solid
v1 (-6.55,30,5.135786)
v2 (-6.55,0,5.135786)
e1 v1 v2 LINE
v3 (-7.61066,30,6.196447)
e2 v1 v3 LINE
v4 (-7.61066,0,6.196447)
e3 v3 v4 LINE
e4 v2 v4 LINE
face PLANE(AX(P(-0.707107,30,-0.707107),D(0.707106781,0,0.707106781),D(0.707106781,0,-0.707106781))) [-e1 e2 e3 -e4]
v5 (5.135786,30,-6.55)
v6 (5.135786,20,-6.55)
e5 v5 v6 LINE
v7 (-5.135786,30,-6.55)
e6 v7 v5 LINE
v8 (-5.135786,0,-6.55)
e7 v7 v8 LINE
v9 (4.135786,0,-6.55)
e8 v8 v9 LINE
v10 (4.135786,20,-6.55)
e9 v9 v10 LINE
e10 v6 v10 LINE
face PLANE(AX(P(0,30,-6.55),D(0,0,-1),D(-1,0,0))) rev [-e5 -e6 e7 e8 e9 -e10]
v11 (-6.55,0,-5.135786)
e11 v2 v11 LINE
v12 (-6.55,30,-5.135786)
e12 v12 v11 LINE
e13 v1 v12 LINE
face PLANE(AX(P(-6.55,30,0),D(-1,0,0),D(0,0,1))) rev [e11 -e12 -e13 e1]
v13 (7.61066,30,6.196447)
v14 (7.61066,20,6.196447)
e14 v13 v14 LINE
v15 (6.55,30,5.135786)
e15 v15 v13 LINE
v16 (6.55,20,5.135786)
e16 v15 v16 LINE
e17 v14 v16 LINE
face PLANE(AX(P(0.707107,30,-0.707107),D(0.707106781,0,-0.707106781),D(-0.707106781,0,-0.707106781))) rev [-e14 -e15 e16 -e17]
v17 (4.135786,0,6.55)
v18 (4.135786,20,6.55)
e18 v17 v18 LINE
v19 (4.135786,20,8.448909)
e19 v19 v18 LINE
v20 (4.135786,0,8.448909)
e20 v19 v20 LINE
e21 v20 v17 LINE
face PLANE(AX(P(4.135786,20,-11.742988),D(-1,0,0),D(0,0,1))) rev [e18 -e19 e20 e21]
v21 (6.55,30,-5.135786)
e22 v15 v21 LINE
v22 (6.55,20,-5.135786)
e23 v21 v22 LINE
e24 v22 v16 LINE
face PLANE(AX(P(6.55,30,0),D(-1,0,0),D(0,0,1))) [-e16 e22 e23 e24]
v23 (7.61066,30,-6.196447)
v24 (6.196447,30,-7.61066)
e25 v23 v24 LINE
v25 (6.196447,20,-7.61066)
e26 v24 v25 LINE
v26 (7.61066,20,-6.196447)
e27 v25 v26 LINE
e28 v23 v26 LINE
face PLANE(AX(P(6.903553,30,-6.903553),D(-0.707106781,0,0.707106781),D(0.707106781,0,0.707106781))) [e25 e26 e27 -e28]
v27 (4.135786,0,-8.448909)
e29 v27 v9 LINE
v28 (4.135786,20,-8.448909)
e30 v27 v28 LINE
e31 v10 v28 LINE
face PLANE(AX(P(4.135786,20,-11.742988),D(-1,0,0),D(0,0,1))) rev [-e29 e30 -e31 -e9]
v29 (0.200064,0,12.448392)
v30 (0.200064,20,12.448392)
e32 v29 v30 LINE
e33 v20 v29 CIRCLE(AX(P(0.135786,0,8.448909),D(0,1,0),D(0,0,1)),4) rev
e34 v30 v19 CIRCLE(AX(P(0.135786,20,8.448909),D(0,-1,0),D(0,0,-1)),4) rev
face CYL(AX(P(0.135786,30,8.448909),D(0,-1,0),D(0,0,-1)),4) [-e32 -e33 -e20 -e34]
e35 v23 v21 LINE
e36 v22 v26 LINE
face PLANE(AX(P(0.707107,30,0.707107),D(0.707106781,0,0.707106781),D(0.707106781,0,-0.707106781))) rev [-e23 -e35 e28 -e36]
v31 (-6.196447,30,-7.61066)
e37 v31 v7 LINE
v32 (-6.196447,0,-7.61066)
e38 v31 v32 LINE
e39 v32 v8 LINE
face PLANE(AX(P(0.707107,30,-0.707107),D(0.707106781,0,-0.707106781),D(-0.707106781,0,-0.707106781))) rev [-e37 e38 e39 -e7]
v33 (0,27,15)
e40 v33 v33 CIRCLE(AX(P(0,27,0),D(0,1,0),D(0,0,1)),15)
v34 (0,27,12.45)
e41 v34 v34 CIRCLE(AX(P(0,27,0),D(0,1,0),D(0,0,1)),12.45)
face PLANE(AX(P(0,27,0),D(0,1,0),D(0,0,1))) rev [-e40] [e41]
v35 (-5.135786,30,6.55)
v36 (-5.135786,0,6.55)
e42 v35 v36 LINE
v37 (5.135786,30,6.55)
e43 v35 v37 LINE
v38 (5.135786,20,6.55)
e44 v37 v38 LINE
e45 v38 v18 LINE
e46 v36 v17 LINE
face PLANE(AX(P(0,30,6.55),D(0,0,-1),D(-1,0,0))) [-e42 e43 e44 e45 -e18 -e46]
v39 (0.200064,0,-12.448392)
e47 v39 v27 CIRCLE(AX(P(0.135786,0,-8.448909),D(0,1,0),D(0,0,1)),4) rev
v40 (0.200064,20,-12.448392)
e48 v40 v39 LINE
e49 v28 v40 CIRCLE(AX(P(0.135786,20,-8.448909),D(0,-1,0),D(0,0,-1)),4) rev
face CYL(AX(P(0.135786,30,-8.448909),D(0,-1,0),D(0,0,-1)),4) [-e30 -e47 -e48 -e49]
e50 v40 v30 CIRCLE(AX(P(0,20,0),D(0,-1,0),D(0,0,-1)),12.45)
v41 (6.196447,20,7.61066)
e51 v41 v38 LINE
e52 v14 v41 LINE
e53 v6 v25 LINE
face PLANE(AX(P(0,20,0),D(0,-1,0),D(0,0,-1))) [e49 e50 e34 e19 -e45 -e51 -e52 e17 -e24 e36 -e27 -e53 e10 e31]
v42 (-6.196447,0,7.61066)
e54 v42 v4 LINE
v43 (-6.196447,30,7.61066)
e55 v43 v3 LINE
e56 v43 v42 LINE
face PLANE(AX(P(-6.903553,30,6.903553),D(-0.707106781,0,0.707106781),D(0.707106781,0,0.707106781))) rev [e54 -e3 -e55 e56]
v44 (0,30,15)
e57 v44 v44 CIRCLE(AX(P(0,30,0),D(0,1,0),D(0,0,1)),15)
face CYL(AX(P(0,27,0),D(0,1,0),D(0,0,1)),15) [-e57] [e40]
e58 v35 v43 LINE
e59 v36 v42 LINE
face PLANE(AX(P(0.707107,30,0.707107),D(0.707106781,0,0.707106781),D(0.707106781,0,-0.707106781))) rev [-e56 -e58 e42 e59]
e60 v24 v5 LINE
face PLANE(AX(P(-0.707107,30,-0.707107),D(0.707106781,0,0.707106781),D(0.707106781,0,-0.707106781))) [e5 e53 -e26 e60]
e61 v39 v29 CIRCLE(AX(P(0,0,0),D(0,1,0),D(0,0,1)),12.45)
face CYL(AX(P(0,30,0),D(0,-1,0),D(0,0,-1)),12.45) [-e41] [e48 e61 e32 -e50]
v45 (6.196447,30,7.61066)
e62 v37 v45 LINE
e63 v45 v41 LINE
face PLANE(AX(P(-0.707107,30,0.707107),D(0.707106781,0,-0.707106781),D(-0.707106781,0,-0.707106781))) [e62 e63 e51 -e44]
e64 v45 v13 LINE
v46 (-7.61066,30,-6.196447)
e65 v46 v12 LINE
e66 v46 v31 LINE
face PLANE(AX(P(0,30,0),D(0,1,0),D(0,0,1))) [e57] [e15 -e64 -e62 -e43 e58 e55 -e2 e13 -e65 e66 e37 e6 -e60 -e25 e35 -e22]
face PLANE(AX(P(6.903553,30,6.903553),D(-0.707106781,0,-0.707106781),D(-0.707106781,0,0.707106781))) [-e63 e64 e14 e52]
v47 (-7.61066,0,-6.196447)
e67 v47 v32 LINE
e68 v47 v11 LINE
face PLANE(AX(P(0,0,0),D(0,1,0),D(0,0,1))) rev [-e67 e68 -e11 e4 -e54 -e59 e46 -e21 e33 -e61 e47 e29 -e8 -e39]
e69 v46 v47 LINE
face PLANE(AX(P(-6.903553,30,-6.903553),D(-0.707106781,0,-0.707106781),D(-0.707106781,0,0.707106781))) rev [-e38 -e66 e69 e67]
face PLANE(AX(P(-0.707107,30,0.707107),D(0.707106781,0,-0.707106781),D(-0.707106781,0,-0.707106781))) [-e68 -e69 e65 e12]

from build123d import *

# Parameters (mm, degrees)
SKETCH1_R           = 12.45
BOSS_EXTRUDE3_DEPTH = 30
BOSS_EXTRUDE4_START = -3
SKETCH4_R           = 15
SKETCH4_R_2         = 12.45
BOSS_EXTRUDE4_DEPTH = 3
CUT_EXTRUDE1_DEPTH  = 20
FILLET1_R           = 4


with BuildPart() as part:
    # Sketch1 → Boss-Extrude3 (new body)
    with BuildSketch(Plane(origin=(0, 0, 0), x_dir=(1, 0, 0), z_dir=(0, 1, 0))):
        with Locations(Location((0, 0, 0), (0, 0, 270))):
            Circle(SKETCH1_R)
        Polygon((6.196446609, 7.610660172), (7.610660172, 6.196446609), (6.55, 5.135786438), (6.55, -5.135786438), (7.610660172, -6.196446609), (6.196446609, -7.610660172), (5.135786438, -6.55), (-5.135786438, -6.55), (-6.196446609, -7.610660172), (-7.610660172, -6.196446609), (-6.55, -5.135786438), (-6.55, 5.135786438), (-7.610660172, 6.196446609), (-6.196446609, 7.610660172), (-5.135786438, 6.55), (5.135786438, 6.55), align=None, mode=Mode.SUBTRACT)
    extrude(amount=BOSS_EXTRUDE3_DEPTH)

    # Sketch4 → Boss-Extrude4 (add)
    with BuildSketch(Plane(origin=(0, 30, 0), x_dir=(1, 0, 0), z_dir=(0, 1, 0)).offset(BOSS_EXTRUDE4_START)):
        with Locations(Location((0, 0, 0), (0, 0, 270))):
            Circle(SKETCH4_R)
        with Locations(Location((0, 0, 0), (0, 0, 270))):
            Circle(SKETCH4_R_2, mode=Mode.SUBTRACT)
    extrude(amount=BOSS_EXTRUDE4_DEPTH)

    # Sketch5 → Cut-Extrude1 (cut)
    with BuildSketch(Plane.XZ):
        with BuildLine():
            Line((4.135786438, -11.742988144), (4.135786438, 11.742988144))
            ThreePointArc((4.135786438, 11.742988144), (12.45, 0), (4.135786438, -11.742988144))
        make_face()
    extrude(amount=-CUT_EXTRUDE1_DEPTH, mode=Mode.SUBTRACT)

    # Fillet1
    fillet1_edges = [part.edges().sort_by_distance(p)[0] for p in [
        (4.135786438, 10, -11.742988144),
        (4.135786438, 10, 11.742988144),
    ]]
    fillet(fillet1_edges, radius=FILLET1_R)


solid = part.part
